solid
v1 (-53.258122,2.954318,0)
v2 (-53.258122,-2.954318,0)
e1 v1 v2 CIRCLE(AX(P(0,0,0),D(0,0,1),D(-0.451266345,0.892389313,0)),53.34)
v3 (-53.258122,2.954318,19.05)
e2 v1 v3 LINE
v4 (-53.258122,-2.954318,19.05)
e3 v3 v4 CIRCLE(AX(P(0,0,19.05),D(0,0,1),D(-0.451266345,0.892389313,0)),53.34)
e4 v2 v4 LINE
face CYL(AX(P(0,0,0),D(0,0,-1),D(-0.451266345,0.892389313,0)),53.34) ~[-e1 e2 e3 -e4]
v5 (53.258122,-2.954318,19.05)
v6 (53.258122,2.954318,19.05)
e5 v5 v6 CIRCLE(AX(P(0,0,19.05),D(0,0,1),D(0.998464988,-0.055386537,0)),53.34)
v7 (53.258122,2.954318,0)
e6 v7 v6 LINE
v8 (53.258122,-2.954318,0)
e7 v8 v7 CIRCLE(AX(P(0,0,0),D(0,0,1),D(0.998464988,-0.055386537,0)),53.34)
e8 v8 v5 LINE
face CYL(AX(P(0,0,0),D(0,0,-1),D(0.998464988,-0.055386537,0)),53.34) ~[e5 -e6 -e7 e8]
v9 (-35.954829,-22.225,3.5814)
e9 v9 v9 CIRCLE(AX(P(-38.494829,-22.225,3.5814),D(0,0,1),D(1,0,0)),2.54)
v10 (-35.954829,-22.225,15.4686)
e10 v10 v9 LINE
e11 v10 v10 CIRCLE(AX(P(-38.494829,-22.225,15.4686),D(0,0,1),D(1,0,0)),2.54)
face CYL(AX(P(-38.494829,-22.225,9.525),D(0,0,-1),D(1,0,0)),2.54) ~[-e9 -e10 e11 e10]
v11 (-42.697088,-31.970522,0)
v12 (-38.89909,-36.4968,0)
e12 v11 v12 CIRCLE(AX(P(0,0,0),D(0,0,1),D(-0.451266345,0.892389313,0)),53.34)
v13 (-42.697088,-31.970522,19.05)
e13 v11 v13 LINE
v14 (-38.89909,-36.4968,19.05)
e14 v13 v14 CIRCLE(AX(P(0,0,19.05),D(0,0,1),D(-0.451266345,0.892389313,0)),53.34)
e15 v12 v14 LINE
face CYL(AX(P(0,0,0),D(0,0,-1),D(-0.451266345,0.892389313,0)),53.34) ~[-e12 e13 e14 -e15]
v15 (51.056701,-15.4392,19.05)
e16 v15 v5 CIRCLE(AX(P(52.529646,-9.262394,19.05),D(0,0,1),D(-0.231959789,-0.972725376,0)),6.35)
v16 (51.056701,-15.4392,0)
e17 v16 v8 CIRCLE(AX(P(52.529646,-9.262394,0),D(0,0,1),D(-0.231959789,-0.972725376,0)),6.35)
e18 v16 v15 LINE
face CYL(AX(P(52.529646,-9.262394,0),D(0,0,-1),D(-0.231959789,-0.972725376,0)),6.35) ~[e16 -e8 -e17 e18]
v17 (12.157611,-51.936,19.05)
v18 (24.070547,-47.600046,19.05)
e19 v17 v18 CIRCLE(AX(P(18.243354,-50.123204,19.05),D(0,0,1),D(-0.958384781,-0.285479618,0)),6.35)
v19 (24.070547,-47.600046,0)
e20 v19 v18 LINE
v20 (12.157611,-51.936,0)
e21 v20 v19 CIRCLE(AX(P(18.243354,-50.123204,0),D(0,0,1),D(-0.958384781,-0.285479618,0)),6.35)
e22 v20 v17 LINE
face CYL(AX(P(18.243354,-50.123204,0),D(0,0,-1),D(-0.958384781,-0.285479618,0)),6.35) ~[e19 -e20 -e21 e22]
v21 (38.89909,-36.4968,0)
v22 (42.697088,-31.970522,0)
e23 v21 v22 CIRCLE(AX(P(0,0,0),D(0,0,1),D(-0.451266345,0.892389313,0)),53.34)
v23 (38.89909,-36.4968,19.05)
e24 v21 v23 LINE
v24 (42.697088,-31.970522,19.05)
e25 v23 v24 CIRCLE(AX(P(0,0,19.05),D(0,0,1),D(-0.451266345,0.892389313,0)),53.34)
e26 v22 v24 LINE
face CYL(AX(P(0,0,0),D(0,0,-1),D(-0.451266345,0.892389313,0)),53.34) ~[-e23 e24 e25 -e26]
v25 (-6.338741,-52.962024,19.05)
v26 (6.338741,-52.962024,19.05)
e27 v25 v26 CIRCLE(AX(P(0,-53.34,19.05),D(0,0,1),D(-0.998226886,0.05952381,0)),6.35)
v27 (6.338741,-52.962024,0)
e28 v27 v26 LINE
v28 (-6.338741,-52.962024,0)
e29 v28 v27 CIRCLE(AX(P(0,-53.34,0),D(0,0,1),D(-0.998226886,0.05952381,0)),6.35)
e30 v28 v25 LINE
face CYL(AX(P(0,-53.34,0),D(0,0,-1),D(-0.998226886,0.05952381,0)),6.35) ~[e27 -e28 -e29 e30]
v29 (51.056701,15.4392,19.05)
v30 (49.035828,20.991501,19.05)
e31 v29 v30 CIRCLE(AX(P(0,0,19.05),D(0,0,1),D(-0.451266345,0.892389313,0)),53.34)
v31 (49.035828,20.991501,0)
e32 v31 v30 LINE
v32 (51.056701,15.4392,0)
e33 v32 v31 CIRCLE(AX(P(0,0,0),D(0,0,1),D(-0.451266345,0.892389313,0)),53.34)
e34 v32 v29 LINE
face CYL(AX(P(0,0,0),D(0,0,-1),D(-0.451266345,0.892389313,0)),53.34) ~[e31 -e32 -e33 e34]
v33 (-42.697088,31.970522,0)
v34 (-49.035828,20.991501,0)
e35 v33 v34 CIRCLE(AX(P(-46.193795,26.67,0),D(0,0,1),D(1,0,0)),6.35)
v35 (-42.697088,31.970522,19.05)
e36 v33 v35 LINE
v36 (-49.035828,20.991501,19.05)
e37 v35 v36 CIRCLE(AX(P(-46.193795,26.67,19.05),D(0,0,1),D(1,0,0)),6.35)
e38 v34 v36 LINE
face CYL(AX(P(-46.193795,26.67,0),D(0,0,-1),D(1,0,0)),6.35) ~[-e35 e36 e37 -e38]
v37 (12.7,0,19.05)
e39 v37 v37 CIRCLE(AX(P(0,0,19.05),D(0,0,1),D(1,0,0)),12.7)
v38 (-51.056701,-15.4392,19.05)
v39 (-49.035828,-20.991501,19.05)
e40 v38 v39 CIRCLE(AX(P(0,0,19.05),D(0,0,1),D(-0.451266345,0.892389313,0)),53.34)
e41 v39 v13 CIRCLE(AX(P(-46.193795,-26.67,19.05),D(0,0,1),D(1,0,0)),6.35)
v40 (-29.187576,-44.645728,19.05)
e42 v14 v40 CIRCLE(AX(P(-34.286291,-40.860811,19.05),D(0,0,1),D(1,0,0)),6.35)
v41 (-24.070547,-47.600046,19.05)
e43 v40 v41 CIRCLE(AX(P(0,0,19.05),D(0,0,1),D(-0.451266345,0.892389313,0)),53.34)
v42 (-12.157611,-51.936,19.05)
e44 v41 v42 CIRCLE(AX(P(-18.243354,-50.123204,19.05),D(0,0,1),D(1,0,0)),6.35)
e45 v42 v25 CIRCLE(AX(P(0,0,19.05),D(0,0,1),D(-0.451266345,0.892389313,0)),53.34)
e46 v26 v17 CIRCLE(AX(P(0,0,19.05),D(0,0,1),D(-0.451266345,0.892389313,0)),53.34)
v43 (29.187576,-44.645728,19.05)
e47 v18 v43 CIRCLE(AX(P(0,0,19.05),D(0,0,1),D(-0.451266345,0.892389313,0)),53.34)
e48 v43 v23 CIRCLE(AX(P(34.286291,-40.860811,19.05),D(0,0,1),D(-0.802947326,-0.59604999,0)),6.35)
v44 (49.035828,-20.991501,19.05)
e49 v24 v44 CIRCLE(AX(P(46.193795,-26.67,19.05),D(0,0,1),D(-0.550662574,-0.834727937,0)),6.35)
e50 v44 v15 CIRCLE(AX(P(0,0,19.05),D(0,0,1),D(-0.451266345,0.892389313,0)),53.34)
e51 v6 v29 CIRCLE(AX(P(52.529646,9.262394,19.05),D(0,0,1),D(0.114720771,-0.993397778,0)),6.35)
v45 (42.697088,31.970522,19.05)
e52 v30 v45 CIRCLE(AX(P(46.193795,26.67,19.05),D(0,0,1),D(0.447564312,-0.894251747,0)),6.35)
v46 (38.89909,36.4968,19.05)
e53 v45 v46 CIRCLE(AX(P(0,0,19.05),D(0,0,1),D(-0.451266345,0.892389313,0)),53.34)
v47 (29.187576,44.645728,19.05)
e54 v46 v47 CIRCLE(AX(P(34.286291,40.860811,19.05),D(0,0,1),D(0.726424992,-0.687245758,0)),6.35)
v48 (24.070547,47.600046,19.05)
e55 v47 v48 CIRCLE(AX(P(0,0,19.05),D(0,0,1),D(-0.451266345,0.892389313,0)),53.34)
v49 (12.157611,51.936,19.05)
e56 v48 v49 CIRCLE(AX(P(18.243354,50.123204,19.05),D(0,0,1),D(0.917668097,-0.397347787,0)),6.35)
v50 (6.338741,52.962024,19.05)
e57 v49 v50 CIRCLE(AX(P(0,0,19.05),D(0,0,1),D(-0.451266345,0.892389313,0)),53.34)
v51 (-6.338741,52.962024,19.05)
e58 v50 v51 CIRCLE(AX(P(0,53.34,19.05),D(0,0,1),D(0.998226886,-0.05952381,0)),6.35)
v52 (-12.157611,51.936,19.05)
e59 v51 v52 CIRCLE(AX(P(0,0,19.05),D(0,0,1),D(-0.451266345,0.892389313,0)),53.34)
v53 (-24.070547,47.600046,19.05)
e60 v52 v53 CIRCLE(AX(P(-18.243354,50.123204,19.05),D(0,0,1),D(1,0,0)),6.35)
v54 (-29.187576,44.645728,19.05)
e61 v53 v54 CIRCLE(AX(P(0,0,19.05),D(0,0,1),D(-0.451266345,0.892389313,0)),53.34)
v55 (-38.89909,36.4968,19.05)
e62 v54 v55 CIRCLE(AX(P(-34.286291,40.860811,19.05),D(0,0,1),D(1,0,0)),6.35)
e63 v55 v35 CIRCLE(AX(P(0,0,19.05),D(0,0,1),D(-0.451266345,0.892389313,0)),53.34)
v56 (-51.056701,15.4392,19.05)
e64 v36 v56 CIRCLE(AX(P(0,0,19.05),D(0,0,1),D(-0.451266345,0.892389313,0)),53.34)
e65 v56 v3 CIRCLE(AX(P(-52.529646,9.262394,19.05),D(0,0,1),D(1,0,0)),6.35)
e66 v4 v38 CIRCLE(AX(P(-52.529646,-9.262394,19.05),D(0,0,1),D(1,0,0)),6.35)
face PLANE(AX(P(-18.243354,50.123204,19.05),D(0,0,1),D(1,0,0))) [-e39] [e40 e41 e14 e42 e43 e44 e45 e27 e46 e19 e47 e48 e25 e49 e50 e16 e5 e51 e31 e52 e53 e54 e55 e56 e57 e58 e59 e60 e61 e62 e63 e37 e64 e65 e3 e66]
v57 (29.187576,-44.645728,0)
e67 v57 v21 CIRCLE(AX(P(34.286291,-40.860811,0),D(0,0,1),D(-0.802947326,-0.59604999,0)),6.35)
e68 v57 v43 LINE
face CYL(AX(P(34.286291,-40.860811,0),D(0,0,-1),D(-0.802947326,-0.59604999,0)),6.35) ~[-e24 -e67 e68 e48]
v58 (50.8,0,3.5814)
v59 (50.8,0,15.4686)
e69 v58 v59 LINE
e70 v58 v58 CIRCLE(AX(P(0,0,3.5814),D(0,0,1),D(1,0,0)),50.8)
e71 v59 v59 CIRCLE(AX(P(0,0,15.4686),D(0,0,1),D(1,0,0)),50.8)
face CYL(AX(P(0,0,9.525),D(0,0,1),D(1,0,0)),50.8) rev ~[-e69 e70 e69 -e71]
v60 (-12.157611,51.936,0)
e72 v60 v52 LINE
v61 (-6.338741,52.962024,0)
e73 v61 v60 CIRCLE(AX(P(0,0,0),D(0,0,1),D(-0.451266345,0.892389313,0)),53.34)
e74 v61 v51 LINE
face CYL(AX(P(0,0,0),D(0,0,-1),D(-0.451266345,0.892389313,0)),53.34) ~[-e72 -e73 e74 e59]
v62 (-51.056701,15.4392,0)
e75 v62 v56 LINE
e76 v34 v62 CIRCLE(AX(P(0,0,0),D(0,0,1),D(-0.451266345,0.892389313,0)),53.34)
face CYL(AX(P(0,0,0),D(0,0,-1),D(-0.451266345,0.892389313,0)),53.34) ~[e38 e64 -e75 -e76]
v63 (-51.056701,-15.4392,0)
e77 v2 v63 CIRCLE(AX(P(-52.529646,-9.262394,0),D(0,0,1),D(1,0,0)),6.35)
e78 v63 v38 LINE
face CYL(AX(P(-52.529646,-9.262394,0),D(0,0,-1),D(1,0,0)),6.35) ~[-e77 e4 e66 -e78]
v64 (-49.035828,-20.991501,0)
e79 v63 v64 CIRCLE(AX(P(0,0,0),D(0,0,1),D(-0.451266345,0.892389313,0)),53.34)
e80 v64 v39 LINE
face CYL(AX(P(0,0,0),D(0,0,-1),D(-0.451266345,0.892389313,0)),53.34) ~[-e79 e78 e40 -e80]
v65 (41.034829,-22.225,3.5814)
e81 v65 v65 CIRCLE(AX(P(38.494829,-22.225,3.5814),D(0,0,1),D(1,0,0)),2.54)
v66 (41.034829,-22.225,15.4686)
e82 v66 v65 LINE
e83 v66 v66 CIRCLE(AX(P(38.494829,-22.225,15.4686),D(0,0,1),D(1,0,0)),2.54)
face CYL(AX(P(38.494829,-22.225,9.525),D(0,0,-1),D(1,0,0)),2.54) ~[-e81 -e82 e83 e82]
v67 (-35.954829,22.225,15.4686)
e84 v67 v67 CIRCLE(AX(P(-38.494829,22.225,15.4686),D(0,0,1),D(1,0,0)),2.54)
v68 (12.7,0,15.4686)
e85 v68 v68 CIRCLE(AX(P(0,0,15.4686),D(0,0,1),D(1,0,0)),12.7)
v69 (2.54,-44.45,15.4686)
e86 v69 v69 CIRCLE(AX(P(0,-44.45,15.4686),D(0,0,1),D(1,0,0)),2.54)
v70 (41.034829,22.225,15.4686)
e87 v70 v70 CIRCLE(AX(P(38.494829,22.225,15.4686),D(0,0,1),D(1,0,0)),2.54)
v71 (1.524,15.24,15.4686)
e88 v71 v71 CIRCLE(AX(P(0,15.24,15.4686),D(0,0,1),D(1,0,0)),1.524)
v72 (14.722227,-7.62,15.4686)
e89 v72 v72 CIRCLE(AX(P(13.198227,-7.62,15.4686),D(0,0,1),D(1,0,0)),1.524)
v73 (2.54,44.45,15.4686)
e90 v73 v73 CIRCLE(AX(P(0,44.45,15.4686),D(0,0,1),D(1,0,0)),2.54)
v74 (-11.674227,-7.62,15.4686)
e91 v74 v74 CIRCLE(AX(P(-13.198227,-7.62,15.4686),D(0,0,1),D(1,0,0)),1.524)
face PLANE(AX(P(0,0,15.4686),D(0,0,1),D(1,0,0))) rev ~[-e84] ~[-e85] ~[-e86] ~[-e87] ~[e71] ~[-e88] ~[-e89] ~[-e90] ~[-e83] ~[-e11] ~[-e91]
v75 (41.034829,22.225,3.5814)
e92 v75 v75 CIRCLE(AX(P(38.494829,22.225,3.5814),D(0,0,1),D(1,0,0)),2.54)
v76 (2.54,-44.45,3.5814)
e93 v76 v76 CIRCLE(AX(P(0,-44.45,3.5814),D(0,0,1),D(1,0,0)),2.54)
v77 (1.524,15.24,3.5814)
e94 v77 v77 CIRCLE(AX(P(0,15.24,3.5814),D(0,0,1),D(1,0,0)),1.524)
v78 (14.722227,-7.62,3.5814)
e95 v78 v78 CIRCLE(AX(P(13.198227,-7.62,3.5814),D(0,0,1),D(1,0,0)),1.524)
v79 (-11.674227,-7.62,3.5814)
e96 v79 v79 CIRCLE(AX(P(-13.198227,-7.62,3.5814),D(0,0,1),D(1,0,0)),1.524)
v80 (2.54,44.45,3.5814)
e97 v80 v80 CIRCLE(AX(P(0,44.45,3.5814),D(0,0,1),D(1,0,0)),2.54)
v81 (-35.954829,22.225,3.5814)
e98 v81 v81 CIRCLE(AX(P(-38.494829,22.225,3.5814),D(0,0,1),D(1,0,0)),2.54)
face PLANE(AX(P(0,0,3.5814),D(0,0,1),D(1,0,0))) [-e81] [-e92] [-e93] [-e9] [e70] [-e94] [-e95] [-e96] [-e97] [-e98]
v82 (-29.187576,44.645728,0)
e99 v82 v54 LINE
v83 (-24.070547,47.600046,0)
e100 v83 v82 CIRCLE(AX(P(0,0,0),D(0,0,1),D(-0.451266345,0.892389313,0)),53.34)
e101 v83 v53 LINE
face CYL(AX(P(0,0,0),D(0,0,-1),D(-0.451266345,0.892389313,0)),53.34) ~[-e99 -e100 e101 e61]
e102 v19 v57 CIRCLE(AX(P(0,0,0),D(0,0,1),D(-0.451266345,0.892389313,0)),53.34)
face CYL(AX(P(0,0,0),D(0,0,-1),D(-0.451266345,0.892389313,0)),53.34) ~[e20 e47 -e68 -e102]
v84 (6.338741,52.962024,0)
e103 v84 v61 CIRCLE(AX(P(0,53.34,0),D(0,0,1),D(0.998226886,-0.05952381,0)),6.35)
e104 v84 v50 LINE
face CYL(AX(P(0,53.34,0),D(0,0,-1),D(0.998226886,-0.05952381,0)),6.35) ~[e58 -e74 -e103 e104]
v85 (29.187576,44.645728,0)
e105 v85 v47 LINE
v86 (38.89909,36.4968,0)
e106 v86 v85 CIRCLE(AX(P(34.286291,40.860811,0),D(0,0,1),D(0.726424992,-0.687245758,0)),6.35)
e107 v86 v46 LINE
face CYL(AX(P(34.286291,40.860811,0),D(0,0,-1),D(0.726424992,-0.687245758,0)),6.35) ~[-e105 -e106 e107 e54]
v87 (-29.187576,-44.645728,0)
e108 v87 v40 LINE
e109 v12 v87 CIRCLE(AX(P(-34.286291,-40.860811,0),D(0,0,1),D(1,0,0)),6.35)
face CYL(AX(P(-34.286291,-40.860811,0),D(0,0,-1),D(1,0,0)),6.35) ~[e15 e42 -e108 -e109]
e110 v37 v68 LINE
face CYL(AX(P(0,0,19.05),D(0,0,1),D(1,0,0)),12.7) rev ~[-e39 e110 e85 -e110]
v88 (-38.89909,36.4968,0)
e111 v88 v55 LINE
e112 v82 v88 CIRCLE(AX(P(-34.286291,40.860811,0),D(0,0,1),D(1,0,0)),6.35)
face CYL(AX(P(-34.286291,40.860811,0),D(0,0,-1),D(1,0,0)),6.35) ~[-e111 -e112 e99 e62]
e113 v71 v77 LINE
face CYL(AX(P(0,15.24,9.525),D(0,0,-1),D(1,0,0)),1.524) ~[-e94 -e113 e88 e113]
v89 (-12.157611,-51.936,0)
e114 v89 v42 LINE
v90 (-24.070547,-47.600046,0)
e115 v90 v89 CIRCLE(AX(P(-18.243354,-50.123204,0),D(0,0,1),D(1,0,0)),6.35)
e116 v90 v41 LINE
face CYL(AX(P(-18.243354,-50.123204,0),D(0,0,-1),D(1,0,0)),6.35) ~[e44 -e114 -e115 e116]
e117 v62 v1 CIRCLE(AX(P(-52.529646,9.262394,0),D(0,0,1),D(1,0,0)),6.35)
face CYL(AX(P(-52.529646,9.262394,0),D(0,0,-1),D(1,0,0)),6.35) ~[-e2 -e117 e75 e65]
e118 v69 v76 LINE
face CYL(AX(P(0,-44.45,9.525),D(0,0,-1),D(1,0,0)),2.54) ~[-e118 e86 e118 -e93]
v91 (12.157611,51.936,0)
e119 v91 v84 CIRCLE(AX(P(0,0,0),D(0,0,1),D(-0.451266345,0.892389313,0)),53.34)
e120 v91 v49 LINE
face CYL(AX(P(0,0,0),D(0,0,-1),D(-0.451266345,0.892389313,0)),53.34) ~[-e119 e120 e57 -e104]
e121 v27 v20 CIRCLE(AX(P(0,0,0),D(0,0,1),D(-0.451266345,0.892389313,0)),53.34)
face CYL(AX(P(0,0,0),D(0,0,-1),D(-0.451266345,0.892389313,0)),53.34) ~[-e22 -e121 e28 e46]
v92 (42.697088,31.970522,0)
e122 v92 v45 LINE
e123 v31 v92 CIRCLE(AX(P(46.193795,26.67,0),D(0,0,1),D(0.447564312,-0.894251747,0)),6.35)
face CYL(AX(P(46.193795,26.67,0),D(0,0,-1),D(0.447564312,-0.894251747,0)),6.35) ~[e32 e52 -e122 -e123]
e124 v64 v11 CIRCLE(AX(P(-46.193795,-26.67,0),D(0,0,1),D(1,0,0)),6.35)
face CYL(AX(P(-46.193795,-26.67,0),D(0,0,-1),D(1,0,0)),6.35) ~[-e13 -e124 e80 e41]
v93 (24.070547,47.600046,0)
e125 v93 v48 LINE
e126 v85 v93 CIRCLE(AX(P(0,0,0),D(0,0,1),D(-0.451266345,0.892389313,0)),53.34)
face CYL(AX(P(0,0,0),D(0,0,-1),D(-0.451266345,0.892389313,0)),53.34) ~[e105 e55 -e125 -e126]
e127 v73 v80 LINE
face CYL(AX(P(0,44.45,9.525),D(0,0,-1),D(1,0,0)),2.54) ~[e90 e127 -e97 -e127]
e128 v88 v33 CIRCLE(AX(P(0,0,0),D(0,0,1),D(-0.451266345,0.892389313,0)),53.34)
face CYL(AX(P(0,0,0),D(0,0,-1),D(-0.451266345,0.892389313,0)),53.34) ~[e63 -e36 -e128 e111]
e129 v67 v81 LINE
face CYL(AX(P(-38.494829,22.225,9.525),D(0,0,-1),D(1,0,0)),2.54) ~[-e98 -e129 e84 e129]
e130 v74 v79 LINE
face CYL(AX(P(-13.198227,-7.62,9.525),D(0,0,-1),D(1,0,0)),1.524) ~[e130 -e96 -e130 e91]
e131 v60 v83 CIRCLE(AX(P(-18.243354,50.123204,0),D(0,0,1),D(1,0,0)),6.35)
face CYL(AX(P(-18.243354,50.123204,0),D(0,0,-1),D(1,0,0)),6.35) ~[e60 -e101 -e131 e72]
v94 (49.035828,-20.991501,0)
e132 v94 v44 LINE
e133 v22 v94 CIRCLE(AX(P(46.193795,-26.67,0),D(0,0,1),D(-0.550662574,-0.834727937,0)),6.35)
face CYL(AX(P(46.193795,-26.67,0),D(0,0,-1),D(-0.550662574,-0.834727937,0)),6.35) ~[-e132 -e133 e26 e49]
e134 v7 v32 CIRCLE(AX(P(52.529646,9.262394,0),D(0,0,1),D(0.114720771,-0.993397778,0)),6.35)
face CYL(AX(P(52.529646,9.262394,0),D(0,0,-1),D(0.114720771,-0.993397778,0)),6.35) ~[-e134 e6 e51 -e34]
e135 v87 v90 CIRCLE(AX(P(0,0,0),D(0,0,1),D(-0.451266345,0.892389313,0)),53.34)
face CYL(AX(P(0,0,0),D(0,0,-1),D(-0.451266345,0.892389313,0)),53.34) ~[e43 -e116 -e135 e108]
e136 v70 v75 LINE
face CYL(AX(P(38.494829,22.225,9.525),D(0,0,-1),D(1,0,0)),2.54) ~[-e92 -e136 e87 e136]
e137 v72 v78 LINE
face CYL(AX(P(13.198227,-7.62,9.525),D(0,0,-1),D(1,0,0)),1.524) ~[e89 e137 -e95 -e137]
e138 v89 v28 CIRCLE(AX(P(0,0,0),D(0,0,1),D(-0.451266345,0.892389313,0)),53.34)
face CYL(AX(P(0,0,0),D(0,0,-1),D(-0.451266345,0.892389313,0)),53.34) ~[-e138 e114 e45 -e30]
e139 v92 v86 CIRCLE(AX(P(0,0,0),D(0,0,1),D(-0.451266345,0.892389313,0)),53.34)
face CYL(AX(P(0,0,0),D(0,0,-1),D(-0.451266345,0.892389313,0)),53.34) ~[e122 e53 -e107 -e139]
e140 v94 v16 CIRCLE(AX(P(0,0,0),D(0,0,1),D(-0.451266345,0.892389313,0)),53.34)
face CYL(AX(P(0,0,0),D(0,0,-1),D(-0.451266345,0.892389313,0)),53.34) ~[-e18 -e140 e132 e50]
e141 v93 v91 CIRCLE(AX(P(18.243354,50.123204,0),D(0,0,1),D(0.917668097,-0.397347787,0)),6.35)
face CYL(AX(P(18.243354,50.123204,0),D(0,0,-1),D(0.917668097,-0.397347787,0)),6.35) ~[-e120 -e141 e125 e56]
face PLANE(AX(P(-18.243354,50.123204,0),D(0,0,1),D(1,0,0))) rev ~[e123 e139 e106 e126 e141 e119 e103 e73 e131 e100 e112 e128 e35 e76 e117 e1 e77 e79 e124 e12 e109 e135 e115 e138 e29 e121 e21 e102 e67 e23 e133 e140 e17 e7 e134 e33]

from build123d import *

# Parameters (mm, degrees)
SKETCH6_R           = 6.35
SKETCH6_R_2         = 53.34
BOSS_EXTRUDE1_DEPTH = 19.05
SKETCH10_R          = 50.8
SKETCH10_R_2        = 2.54
SKETCH10_R_3        = 1.524
CUT_EXTRUDE3_DEPTH  = 5.9436
CUT_EXTRUDE4_REACH  = 87.98
SKETCH11_R          = 12.7


with BuildPart() as part:
    # Sketch6 → Boss-Extrude1 (new body)
    with BuildSketch(Plane.XY):
        with Locations((-18.243354445, 50.123204393)):
            Circle(SKETCH6_R)
        Circle(SKETCH6_R_2)
        with Locations((-34.286291101, 40.860810596)):
            Circle(SKETCH6_R)
        with Locations((-46.193795038, 26.67)):
            Circle(SKETCH6_R)
        with Locations((-52.529645546, 9.262393797)):
            Circle(SKETCH6_R)
        with Locations((-52.529645546, -9.262393797)):
            Circle(SKETCH6_R)
        with Locations((-46.193795038, -26.67)):
            Circle(SKETCH6_R)
        with Locations((-34.286291101, -40.860810596)):
            Circle(SKETCH6_R)
        with Locations((-18.243354445, -50.123204393)):
            Circle(SKETCH6_R)
        with Locations((0, -53.34)):
            Circle(SKETCH6_R)
        with Locations((18.243354445, -50.123204393)):
            Circle(SKETCH6_R)
        with Locations((34.286291101, -40.860810596)):
            Circle(SKETCH6_R)
        with Locations((46.193795038, -26.67)):
            Circle(SKETCH6_R)
        with Locations((52.529645546, -9.262393797)):
            Circle(SKETCH6_R)
        with Locations((52.529645546, 9.262393797)):
            Circle(SKETCH6_R)
        with Locations((46.193795038, 26.67)):
            Circle(SKETCH6_R)
        with Locations((34.286291101, 40.860810596)):
            Circle(SKETCH6_R)
        with Locations((18.243354445, 50.123204393)):
            Circle(SKETCH6_R)
        with Locations((0, 53.34)):
            Circle(SKETCH6_R)
    extrude(amount=BOSS_EXTRUDE1_DEPTH)

    # Sketch10 → Cut-Extrude3 (cut, symmetric)
    with BuildSketch(Plane.XY.offset(9.525)):
        Circle(SKETCH10_R)
        with Locations((0, 44.45)):
            Circle(SKETCH10_R_2, mode=Mode.SUBTRACT)
        with Locations((38.494829198, 22.225)):
            Circle(SKETCH10_R_2, mode=Mode.SUBTRACT)
        with Locations((38.494829198, -22.225)):
            Circle(SKETCH10_R_2, mode=Mode.SUBTRACT)
        with Locations((0, -44.45)):
            Circle(SKETCH10_R_2, mode=Mode.SUBTRACT)
        with Locations((-38.494829198, -22.225)):
            Circle(SKETCH10_R_2, mode=Mode.SUBTRACT)
        with Locations((-38.494829198, 22.225)):
            Circle(SKETCH10_R_2, mode=Mode.SUBTRACT)
        with Locations((0, 15.24)):
            Circle(SKETCH10_R_3, mode=Mode.SUBTRACT)
        with Locations((13.198227154, -7.62)):
            Circle(SKETCH10_R_3, mode=Mode.SUBTRACT)
        with Locations((-13.198227154, -7.62)):
            Circle(SKETCH10_R_3, mode=Mode.SUBTRACT)
    extrude(amount=CUT_EXTRUDE3_DEPTH, both=True, mode=Mode.SUBTRACT)

    # Sketch11 → Cut-Extrude4 (cut, up to next)
    with BuildSketch(Plane.XY.offset(19.05), mode=Mode.PRIVATE) as cut_extrude4_sk1:
        Circle(SKETCH11_R)
    cut_extrude4_tool1 = extrude(cut_extrude4_sk1.sketch, amount=-CUT_EXTRUDE4_REACH, mode=Mode.PRIVATE) & part.part
    add(cut_extrude4_tool1.solids().sort_by_distance((0, 0, 19.05))[0], mode=Mode.SUBTRACT)


solid = part.part
